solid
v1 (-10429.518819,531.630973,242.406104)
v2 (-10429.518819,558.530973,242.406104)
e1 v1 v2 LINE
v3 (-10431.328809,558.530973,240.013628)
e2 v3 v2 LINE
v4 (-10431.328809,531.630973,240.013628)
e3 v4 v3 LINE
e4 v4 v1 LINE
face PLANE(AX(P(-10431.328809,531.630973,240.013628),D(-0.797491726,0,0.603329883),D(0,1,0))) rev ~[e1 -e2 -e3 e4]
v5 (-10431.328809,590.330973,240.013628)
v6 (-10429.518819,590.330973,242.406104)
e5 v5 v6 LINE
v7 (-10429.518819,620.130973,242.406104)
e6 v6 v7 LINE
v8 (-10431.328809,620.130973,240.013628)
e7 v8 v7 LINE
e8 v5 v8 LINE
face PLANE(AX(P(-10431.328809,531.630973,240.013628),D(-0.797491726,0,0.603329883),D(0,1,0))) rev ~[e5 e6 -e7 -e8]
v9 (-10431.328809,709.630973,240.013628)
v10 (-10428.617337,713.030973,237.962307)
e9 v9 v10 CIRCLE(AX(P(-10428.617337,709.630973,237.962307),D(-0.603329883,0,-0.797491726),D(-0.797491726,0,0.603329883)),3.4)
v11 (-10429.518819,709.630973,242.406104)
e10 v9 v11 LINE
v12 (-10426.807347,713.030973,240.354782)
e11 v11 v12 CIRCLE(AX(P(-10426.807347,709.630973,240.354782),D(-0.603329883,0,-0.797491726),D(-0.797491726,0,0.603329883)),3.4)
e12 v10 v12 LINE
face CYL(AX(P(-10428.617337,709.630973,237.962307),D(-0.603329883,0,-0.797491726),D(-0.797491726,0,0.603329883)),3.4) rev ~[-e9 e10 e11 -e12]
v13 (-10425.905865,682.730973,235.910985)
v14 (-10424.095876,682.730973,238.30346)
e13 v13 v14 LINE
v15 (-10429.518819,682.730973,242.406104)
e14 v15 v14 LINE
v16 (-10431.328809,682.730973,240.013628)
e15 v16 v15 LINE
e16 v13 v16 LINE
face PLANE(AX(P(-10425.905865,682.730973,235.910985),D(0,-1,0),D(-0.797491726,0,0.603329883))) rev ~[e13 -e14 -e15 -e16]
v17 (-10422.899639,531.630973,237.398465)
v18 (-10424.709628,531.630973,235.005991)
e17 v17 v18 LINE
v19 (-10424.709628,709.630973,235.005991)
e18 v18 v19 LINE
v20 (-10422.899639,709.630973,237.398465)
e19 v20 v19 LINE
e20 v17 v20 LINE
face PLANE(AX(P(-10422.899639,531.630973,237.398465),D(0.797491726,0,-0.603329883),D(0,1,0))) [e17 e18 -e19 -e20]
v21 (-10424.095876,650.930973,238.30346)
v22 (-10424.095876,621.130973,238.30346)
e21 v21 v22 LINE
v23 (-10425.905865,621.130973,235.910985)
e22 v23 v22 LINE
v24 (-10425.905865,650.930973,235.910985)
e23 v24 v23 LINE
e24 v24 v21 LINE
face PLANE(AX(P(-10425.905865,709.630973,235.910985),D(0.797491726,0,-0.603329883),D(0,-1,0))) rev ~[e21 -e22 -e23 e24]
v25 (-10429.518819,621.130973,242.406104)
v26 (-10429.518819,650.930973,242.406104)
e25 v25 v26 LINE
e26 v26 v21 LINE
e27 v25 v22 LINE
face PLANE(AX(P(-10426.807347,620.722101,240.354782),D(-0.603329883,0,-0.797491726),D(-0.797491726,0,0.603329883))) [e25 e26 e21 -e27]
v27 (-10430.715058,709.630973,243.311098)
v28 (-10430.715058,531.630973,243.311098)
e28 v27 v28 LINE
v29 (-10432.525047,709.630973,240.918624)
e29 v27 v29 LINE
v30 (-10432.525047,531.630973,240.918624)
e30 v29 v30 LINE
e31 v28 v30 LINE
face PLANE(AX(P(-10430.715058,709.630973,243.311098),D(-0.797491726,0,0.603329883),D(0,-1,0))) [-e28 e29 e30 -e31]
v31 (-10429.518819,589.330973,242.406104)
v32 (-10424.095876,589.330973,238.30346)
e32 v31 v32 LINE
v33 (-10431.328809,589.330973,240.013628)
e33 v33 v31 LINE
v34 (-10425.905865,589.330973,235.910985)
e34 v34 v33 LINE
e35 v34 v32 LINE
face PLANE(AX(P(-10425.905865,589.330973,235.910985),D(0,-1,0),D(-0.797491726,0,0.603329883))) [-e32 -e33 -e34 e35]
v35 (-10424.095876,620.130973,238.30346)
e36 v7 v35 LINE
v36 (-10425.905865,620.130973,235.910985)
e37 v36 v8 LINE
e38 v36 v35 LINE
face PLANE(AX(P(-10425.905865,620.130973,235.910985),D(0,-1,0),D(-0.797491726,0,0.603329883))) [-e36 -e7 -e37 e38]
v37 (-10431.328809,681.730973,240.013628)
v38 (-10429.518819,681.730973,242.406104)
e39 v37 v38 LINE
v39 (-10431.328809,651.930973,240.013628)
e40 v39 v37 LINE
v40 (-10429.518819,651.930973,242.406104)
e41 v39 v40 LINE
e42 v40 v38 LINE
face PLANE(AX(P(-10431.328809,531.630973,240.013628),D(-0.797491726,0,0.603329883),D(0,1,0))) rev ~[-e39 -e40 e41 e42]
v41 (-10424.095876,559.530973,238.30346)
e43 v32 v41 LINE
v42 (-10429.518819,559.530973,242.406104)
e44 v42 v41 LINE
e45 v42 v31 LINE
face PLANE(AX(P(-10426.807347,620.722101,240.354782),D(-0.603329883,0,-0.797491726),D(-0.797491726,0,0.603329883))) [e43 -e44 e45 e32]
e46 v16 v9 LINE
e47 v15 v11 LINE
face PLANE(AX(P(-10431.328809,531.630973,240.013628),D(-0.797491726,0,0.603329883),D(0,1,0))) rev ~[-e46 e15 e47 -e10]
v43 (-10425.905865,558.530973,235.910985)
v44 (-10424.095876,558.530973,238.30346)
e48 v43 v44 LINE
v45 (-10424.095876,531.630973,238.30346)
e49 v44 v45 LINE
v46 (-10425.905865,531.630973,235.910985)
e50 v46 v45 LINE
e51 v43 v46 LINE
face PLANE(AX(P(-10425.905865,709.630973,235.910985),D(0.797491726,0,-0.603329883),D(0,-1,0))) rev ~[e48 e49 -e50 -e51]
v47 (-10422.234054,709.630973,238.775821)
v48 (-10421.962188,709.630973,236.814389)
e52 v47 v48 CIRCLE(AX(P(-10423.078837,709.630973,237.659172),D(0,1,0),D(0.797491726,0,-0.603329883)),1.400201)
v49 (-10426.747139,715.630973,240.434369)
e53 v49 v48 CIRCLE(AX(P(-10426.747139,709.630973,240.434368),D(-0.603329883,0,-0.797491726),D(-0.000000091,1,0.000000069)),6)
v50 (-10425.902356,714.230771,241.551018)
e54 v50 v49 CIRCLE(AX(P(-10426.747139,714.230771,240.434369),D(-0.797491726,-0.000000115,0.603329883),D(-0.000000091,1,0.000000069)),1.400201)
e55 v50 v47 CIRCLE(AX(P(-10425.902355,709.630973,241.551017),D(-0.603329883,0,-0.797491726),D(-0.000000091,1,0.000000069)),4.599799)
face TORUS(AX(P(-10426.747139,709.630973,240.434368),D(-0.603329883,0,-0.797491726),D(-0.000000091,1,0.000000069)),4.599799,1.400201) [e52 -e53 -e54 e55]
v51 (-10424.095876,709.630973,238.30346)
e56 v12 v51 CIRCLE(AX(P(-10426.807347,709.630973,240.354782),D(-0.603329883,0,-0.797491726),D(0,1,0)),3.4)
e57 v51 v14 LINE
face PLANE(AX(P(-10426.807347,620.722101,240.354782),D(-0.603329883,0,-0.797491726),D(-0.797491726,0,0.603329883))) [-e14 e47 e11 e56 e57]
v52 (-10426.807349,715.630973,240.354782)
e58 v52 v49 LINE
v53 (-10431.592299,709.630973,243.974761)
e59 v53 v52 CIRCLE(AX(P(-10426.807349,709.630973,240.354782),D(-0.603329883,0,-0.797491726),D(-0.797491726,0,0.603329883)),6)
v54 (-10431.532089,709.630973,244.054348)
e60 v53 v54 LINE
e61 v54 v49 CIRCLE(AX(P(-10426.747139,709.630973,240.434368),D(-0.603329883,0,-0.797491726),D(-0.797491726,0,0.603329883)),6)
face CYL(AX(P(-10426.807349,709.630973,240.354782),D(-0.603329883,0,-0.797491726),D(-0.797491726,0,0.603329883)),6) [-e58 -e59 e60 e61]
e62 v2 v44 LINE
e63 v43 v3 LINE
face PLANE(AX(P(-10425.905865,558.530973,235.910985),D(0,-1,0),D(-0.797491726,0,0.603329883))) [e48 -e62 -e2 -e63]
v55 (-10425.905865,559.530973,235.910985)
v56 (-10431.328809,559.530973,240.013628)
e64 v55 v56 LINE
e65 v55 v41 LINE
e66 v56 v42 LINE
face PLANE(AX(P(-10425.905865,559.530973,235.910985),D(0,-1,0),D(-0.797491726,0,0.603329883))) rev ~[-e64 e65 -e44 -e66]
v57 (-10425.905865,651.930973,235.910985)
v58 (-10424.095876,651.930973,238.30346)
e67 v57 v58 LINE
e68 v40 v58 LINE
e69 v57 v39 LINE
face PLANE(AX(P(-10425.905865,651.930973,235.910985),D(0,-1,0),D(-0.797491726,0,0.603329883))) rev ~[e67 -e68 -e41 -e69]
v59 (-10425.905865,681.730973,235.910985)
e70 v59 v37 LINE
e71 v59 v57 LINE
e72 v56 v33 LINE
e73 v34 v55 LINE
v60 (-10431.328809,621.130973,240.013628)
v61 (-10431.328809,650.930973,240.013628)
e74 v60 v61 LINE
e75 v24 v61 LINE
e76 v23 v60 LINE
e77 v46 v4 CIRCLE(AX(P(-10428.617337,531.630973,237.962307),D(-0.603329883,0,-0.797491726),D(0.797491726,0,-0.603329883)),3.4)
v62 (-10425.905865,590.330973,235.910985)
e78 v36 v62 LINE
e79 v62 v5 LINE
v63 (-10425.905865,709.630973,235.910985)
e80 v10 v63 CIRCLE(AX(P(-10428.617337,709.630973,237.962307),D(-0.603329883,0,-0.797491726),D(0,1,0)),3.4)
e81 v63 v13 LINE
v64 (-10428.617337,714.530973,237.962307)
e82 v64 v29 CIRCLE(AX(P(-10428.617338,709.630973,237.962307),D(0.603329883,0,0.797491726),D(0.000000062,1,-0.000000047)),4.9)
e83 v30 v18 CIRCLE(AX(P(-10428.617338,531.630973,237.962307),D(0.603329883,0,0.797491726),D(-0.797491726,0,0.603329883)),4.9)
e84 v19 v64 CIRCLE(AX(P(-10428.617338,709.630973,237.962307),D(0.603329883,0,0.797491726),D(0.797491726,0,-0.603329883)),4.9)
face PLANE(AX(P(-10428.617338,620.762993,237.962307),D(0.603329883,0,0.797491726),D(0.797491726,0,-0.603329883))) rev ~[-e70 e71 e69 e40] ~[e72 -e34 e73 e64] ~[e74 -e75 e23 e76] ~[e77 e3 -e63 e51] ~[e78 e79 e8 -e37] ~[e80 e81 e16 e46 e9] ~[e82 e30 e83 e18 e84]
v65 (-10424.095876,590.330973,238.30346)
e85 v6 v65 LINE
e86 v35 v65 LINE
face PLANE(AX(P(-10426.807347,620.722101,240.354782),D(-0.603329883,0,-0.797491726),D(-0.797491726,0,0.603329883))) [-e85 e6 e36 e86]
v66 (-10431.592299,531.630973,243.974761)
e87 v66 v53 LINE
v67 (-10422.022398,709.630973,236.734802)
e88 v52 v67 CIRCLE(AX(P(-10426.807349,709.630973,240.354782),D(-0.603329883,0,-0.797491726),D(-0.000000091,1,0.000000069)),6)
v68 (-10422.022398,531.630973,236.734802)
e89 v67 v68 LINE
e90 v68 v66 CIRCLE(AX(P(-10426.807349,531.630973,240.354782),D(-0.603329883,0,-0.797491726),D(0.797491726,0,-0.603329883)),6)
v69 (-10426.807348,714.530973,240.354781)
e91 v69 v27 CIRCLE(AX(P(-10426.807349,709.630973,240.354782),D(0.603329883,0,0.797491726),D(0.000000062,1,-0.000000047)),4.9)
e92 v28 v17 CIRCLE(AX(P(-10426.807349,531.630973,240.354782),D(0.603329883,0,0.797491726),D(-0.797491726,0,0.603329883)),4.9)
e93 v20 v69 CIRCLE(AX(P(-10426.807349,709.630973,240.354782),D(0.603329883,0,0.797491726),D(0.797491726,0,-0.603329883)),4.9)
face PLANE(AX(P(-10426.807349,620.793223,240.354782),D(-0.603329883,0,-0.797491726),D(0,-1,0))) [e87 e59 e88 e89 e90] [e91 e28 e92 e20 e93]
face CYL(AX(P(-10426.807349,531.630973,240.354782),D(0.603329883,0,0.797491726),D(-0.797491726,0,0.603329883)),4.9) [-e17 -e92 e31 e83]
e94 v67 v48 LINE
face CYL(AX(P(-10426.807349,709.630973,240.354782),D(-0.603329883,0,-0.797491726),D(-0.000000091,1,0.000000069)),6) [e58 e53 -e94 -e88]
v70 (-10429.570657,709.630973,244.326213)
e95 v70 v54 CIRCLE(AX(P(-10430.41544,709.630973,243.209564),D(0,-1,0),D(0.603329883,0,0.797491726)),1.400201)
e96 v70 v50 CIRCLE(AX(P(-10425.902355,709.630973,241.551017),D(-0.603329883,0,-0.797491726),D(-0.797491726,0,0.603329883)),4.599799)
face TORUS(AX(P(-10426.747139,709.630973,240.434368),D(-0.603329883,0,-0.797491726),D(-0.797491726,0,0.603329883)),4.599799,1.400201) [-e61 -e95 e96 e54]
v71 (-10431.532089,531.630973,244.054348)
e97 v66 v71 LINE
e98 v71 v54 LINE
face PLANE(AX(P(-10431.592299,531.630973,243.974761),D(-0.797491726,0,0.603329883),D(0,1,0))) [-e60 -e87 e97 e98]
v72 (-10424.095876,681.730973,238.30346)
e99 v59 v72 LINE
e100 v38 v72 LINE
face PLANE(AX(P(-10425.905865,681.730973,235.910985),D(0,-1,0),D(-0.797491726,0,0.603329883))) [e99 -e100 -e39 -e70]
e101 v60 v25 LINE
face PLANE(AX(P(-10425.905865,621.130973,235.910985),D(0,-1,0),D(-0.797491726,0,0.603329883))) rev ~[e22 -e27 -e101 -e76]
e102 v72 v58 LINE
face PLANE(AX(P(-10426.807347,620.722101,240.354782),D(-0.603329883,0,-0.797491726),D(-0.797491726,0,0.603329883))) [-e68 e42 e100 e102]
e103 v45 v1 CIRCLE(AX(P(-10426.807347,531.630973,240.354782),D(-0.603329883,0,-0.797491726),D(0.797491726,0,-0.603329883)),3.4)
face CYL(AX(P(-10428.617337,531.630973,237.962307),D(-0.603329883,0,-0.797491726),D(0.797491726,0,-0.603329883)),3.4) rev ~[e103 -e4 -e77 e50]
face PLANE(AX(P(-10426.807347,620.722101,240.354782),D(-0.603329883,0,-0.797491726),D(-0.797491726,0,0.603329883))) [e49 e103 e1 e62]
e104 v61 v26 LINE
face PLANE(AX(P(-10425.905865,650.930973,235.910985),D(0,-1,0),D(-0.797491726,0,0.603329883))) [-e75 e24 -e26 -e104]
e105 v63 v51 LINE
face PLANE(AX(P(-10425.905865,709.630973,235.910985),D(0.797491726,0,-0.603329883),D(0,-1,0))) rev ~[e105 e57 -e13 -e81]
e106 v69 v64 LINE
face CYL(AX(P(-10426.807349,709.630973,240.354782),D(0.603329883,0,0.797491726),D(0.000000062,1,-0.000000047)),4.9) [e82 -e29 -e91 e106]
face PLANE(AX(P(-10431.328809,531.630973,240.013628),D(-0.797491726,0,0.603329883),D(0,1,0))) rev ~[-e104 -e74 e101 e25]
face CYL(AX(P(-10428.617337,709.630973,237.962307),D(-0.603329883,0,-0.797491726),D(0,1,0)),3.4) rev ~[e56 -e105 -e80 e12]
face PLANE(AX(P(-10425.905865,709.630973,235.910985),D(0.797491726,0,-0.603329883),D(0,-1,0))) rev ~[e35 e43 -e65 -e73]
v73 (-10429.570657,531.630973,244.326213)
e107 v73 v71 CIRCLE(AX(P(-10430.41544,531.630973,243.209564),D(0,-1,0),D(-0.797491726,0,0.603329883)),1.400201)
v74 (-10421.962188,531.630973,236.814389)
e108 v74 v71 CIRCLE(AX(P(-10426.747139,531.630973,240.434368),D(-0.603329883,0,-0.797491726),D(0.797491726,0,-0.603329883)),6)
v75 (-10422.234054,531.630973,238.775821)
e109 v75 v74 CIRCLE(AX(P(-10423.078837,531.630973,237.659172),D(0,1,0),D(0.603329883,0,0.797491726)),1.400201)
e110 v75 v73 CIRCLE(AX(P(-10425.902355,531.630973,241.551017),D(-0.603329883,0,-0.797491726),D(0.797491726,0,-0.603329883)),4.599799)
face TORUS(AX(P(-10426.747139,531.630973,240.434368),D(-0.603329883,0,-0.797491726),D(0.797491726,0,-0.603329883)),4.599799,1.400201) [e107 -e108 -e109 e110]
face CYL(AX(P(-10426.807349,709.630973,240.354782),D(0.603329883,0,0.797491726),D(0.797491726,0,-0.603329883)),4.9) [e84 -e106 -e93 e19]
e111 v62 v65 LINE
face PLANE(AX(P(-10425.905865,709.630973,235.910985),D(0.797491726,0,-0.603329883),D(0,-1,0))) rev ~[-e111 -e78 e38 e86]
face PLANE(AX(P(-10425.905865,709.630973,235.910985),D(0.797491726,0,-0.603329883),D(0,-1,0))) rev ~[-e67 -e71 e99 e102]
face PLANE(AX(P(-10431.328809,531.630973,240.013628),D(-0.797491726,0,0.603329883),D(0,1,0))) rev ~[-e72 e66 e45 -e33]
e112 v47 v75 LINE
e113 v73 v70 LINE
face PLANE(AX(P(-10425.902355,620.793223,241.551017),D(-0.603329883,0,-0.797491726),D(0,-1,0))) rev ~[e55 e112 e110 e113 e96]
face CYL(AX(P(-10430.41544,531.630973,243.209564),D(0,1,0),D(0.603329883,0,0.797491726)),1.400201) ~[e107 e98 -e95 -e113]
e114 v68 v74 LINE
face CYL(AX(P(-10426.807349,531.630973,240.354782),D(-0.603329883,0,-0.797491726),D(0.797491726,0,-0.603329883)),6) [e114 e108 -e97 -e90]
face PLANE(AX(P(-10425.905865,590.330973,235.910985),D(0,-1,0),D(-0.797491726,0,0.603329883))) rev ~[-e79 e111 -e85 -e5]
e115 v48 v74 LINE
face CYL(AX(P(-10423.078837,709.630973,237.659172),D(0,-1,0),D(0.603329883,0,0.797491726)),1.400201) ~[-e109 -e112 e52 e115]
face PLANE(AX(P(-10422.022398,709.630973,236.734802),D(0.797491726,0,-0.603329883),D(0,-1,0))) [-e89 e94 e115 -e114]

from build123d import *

# Parameters (mm, degrees)
BOSS_EXTRUDE1_DEPTH = 1.499997834
BOSS_EXTRUDE2_DEPTH = 2.999998821
CUT_EXTRUDE1_DEPTH  = 2.999999995
FILLET1_R           = 1.400201404
BOSS_EXTRUDE3_REACH = 8499.621
SKETCH4_W           = 6.8
SKETCH4_H           = 1


with BuildPart() as part:
    # Sketch1 → Boss-Extrude1 (new body)
    with BuildSketch(Plane(origin=(-3679.783466787, -3e-09, -4864.000529017), x_dir=(0, -1, 0), z_dir=(-0.6033298825291362, -4.862971078225009e-13, -0.7974917258801991))):
        with BuildLine():
            Line((-531.630972559, 8466.305810109), (-709.630972559, 8466.305810109))
            ThreePointArc((-709.630972559, 8466.305810109), (-713.873613004, 8464.548451039), (-715.630972559, 8460.305810795))
            ThreePointArc((-715.630972559, 8460.305810795), (-713.873613489, 8456.063169664), (-709.630972559, 8454.305810109))
            Line((-709.630972559, 8454.305810109), (-531.630972559, 8454.305810109))
            ThreePointArc((-531.630972559, 8454.305810109), (-525.630972559, 8460.305810109), (-531.630972559, 8466.305810109))
        make_face()
    extrude(amount=-BOSS_EXTRUDE1_DEPTH)

    # Sketch2 → Boss-Extrude2 (add)
    with BuildSketch(Plane(origin=(-3679.783466787, -3e-09, -4864.000529017), x_dir=(-0.7974917258801992, 3.679004651903849e-13, 0.6033298825291362), z_dir=(-0.6033298825291362, -4.862971078225007e-13, -0.7974917258801992))):
        with BuildLine():
            Line((8455.40581011, 531.630972551), (8455.40581011, 709.630972551))
            ThreePointArc((8455.40581011, 709.630972551), (8456.840986746, 713.095795642), (8460.305809725, 714.530972551))
            ThreePointArc((8460.305809725, 714.530972551), (8463.770633201, 713.095795914), (8465.20581011, 709.630972551))
            Line((8465.20581011, 709.630972551), (8465.20581011, 531.630972551))
            ThreePointArc((8465.20581011, 531.630972551), (8460.30581011, 526.730972551), (8455.40581011, 531.630972551))
        make_face()
    extrude(amount=BOSS_EXTRUDE2_DEPTH)

    # Sketch3 → Cut-Extrude1 (cut)
    with BuildSketch(Plane(origin=(-3681.593455723, -3e-09, -4866.393003255), x_dir=(-0.7974917258801991, 3.6790046519038474e-13, 0.6033298825291363), z_dir=(-0.6033298825291363, -4.862971078225009e-13, -0.7974917258801992))):
        with BuildLine():
            Line((8463.705809388, 531.630972551), (8463.705809388, 709.630972551))
            ThreePointArc((8463.705809388, 709.630972551), (8462.709972444, 712.035135607), (8460.305809388, 713.030972551))
            ThreePointArc((8460.305809388, 713.030972551), (8457.901646332, 712.035135607), (8456.905809388, 709.630972551))
            Line((8456.905809388, 709.630972551), (8456.905809388, 531.630972551))
            ThreePointArc((8456.905809388, 531.630972551), (8460.305809388, 528.230972551), (8463.705809388, 531.630972551))
        make_face()
    extrude(amount=-CUT_EXTRUDE1_DEPTH, mode=Mode.SUBTRACT)

    # Fillet1
    fillet1_edges = [part.edges().sort_by_distance(p)[0] for p in [
        (-10422.518884598, 713.87361348, 238.991305657),
        (-10421.117404893, 620.630972551, 237.931038123),
        (-10425.902355248, 525.630972551, 241.551017418),
        (-10430.687305604, 620.630972551, 245.170996713),
    ]]
    fillet(fillet1_edges, radius=FILLET1_R)

    # Sketch4 → Boss-Extrude3 (add, up to next)
    with BuildSketch(Plane(origin=(-3681.593455723, -3e-09, -4866.393003255), x_dir=(-0.7974917258801991, 3.679004651903847e-13, 0.6033298825291363), z_dir=(-0.6033298825291363, -4.862971078225008e-13, -0.7974917258801992)), mode=Mode.PRIVATE) as boss_extrude3_sk1:
        with Locations((8460.305809388, 682.230972551)):
            Rectangle(SKETCH4_W, SKETCH4_H)
    boss_extrude3_tool1 = extrude(boss_extrude3_sk1.sketch, amount=-BOSS_EXTRUDE3_REACH, mode=Mode.PRIVATE) - part.part
    # Sketch4 → Boss-Extrude3 (add, up to next)
    with BuildSketch(Plane(origin=(-3681.593455723, -3e-09, -4866.393003255), x_dir=(-0.7974917258801991, 3.679004651903847e-13, 0.6033298825291363), z_dir=(-0.6033298825291363, -4.862971078225008e-13, -0.7974917258801992)), mode=Mode.PRIVATE) as boss_extrude3_sk2:
        with Locations((8460.305809388, 651.430972551)):
            Rectangle(SKETCH4_W, SKETCH4_H)
    boss_extrude3_tool2 = extrude(boss_extrude3_sk2.sketch, amount=-BOSS_EXTRUDE3_REACH, mode=Mode.PRIVATE) - part.part
    # Sketch4 → Boss-Extrude3 (add, up to next)
    with BuildSketch(Plane(origin=(-3681.593455723, -3e-09, -4866.393003255), x_dir=(-0.7974917258801991, 3.679004651903847e-13, 0.6033298825291363), z_dir=(-0.6033298825291363, -4.862971078225008e-13, -0.7974917258801992)), mode=Mode.PRIVATE) as boss_extrude3_sk3:
        with Locations((8460.305809388, 620.630972551)):
            Rectangle(SKETCH4_W, SKETCH4_H)
    boss_extrude3_tool3 = extrude(boss_extrude3_sk3.sketch, amount=-BOSS_EXTRUDE3_REACH, mode=Mode.PRIVATE) - part.part
    # Sketch4 → Boss-Extrude3 (add, up to next)
    with BuildSketch(Plane(origin=(-3681.593455723, -3e-09, -4866.393003255), x_dir=(-0.7974917258801991, 3.679004651903847e-13, 0.6033298825291363), z_dir=(-0.6033298825291363, -4.862971078225008e-13, -0.7974917258801992)), mode=Mode.PRIVATE) as boss_extrude3_sk4:
        with Locations((8460.305809388, 589.830972551)):
            Rectangle(SKETCH4_W, SKETCH4_H)
    boss_extrude3_tool4 = extrude(boss_extrude3_sk4.sketch, amount=-BOSS_EXTRUDE3_REACH, mode=Mode.PRIVATE) - part.part
    # Sketch4 → Boss-Extrude3 (add, up to next)
    with BuildSketch(Plane(origin=(-3681.593455723, -3e-09, -4866.393003255), x_dir=(-0.7974917258801991, 3.679004651903847e-13, 0.6033298825291363), z_dir=(-0.6033298825291363, -4.862971078225008e-13, -0.7974917258801992)), mode=Mode.PRIVATE) as boss_extrude3_sk5:
        with Locations((8460.305809388, 559.030972551)):
            Rectangle(SKETCH4_W, SKETCH4_H)
    boss_extrude3_tool5 = extrude(boss_extrude3_sk5.sketch, amount=-BOSS_EXTRUDE3_REACH, mode=Mode.PRIVATE) - part.part
    add(boss_extrude3_tool1.solids().sort_by_distance((-10428.617337, 682.230973, 237.962307))[0])
    add(boss_extrude3_tool2.solids().sort_by_distance((-10428.617337, 651.430973, 237.962307))[0])
    add(boss_extrude3_tool3.solids().sort_by_distance((-10428.617337, 620.630973, 237.962307))[0])
    add(boss_extrude3_tool4.solids().sort_by_distance((-10428.617337, 589.830973, 237.962307))[0])
    add(boss_extrude3_tool5.solids().sort_by_distance((-10428.617337, 559.030973, 237.962307))[0])


solid = part.part
